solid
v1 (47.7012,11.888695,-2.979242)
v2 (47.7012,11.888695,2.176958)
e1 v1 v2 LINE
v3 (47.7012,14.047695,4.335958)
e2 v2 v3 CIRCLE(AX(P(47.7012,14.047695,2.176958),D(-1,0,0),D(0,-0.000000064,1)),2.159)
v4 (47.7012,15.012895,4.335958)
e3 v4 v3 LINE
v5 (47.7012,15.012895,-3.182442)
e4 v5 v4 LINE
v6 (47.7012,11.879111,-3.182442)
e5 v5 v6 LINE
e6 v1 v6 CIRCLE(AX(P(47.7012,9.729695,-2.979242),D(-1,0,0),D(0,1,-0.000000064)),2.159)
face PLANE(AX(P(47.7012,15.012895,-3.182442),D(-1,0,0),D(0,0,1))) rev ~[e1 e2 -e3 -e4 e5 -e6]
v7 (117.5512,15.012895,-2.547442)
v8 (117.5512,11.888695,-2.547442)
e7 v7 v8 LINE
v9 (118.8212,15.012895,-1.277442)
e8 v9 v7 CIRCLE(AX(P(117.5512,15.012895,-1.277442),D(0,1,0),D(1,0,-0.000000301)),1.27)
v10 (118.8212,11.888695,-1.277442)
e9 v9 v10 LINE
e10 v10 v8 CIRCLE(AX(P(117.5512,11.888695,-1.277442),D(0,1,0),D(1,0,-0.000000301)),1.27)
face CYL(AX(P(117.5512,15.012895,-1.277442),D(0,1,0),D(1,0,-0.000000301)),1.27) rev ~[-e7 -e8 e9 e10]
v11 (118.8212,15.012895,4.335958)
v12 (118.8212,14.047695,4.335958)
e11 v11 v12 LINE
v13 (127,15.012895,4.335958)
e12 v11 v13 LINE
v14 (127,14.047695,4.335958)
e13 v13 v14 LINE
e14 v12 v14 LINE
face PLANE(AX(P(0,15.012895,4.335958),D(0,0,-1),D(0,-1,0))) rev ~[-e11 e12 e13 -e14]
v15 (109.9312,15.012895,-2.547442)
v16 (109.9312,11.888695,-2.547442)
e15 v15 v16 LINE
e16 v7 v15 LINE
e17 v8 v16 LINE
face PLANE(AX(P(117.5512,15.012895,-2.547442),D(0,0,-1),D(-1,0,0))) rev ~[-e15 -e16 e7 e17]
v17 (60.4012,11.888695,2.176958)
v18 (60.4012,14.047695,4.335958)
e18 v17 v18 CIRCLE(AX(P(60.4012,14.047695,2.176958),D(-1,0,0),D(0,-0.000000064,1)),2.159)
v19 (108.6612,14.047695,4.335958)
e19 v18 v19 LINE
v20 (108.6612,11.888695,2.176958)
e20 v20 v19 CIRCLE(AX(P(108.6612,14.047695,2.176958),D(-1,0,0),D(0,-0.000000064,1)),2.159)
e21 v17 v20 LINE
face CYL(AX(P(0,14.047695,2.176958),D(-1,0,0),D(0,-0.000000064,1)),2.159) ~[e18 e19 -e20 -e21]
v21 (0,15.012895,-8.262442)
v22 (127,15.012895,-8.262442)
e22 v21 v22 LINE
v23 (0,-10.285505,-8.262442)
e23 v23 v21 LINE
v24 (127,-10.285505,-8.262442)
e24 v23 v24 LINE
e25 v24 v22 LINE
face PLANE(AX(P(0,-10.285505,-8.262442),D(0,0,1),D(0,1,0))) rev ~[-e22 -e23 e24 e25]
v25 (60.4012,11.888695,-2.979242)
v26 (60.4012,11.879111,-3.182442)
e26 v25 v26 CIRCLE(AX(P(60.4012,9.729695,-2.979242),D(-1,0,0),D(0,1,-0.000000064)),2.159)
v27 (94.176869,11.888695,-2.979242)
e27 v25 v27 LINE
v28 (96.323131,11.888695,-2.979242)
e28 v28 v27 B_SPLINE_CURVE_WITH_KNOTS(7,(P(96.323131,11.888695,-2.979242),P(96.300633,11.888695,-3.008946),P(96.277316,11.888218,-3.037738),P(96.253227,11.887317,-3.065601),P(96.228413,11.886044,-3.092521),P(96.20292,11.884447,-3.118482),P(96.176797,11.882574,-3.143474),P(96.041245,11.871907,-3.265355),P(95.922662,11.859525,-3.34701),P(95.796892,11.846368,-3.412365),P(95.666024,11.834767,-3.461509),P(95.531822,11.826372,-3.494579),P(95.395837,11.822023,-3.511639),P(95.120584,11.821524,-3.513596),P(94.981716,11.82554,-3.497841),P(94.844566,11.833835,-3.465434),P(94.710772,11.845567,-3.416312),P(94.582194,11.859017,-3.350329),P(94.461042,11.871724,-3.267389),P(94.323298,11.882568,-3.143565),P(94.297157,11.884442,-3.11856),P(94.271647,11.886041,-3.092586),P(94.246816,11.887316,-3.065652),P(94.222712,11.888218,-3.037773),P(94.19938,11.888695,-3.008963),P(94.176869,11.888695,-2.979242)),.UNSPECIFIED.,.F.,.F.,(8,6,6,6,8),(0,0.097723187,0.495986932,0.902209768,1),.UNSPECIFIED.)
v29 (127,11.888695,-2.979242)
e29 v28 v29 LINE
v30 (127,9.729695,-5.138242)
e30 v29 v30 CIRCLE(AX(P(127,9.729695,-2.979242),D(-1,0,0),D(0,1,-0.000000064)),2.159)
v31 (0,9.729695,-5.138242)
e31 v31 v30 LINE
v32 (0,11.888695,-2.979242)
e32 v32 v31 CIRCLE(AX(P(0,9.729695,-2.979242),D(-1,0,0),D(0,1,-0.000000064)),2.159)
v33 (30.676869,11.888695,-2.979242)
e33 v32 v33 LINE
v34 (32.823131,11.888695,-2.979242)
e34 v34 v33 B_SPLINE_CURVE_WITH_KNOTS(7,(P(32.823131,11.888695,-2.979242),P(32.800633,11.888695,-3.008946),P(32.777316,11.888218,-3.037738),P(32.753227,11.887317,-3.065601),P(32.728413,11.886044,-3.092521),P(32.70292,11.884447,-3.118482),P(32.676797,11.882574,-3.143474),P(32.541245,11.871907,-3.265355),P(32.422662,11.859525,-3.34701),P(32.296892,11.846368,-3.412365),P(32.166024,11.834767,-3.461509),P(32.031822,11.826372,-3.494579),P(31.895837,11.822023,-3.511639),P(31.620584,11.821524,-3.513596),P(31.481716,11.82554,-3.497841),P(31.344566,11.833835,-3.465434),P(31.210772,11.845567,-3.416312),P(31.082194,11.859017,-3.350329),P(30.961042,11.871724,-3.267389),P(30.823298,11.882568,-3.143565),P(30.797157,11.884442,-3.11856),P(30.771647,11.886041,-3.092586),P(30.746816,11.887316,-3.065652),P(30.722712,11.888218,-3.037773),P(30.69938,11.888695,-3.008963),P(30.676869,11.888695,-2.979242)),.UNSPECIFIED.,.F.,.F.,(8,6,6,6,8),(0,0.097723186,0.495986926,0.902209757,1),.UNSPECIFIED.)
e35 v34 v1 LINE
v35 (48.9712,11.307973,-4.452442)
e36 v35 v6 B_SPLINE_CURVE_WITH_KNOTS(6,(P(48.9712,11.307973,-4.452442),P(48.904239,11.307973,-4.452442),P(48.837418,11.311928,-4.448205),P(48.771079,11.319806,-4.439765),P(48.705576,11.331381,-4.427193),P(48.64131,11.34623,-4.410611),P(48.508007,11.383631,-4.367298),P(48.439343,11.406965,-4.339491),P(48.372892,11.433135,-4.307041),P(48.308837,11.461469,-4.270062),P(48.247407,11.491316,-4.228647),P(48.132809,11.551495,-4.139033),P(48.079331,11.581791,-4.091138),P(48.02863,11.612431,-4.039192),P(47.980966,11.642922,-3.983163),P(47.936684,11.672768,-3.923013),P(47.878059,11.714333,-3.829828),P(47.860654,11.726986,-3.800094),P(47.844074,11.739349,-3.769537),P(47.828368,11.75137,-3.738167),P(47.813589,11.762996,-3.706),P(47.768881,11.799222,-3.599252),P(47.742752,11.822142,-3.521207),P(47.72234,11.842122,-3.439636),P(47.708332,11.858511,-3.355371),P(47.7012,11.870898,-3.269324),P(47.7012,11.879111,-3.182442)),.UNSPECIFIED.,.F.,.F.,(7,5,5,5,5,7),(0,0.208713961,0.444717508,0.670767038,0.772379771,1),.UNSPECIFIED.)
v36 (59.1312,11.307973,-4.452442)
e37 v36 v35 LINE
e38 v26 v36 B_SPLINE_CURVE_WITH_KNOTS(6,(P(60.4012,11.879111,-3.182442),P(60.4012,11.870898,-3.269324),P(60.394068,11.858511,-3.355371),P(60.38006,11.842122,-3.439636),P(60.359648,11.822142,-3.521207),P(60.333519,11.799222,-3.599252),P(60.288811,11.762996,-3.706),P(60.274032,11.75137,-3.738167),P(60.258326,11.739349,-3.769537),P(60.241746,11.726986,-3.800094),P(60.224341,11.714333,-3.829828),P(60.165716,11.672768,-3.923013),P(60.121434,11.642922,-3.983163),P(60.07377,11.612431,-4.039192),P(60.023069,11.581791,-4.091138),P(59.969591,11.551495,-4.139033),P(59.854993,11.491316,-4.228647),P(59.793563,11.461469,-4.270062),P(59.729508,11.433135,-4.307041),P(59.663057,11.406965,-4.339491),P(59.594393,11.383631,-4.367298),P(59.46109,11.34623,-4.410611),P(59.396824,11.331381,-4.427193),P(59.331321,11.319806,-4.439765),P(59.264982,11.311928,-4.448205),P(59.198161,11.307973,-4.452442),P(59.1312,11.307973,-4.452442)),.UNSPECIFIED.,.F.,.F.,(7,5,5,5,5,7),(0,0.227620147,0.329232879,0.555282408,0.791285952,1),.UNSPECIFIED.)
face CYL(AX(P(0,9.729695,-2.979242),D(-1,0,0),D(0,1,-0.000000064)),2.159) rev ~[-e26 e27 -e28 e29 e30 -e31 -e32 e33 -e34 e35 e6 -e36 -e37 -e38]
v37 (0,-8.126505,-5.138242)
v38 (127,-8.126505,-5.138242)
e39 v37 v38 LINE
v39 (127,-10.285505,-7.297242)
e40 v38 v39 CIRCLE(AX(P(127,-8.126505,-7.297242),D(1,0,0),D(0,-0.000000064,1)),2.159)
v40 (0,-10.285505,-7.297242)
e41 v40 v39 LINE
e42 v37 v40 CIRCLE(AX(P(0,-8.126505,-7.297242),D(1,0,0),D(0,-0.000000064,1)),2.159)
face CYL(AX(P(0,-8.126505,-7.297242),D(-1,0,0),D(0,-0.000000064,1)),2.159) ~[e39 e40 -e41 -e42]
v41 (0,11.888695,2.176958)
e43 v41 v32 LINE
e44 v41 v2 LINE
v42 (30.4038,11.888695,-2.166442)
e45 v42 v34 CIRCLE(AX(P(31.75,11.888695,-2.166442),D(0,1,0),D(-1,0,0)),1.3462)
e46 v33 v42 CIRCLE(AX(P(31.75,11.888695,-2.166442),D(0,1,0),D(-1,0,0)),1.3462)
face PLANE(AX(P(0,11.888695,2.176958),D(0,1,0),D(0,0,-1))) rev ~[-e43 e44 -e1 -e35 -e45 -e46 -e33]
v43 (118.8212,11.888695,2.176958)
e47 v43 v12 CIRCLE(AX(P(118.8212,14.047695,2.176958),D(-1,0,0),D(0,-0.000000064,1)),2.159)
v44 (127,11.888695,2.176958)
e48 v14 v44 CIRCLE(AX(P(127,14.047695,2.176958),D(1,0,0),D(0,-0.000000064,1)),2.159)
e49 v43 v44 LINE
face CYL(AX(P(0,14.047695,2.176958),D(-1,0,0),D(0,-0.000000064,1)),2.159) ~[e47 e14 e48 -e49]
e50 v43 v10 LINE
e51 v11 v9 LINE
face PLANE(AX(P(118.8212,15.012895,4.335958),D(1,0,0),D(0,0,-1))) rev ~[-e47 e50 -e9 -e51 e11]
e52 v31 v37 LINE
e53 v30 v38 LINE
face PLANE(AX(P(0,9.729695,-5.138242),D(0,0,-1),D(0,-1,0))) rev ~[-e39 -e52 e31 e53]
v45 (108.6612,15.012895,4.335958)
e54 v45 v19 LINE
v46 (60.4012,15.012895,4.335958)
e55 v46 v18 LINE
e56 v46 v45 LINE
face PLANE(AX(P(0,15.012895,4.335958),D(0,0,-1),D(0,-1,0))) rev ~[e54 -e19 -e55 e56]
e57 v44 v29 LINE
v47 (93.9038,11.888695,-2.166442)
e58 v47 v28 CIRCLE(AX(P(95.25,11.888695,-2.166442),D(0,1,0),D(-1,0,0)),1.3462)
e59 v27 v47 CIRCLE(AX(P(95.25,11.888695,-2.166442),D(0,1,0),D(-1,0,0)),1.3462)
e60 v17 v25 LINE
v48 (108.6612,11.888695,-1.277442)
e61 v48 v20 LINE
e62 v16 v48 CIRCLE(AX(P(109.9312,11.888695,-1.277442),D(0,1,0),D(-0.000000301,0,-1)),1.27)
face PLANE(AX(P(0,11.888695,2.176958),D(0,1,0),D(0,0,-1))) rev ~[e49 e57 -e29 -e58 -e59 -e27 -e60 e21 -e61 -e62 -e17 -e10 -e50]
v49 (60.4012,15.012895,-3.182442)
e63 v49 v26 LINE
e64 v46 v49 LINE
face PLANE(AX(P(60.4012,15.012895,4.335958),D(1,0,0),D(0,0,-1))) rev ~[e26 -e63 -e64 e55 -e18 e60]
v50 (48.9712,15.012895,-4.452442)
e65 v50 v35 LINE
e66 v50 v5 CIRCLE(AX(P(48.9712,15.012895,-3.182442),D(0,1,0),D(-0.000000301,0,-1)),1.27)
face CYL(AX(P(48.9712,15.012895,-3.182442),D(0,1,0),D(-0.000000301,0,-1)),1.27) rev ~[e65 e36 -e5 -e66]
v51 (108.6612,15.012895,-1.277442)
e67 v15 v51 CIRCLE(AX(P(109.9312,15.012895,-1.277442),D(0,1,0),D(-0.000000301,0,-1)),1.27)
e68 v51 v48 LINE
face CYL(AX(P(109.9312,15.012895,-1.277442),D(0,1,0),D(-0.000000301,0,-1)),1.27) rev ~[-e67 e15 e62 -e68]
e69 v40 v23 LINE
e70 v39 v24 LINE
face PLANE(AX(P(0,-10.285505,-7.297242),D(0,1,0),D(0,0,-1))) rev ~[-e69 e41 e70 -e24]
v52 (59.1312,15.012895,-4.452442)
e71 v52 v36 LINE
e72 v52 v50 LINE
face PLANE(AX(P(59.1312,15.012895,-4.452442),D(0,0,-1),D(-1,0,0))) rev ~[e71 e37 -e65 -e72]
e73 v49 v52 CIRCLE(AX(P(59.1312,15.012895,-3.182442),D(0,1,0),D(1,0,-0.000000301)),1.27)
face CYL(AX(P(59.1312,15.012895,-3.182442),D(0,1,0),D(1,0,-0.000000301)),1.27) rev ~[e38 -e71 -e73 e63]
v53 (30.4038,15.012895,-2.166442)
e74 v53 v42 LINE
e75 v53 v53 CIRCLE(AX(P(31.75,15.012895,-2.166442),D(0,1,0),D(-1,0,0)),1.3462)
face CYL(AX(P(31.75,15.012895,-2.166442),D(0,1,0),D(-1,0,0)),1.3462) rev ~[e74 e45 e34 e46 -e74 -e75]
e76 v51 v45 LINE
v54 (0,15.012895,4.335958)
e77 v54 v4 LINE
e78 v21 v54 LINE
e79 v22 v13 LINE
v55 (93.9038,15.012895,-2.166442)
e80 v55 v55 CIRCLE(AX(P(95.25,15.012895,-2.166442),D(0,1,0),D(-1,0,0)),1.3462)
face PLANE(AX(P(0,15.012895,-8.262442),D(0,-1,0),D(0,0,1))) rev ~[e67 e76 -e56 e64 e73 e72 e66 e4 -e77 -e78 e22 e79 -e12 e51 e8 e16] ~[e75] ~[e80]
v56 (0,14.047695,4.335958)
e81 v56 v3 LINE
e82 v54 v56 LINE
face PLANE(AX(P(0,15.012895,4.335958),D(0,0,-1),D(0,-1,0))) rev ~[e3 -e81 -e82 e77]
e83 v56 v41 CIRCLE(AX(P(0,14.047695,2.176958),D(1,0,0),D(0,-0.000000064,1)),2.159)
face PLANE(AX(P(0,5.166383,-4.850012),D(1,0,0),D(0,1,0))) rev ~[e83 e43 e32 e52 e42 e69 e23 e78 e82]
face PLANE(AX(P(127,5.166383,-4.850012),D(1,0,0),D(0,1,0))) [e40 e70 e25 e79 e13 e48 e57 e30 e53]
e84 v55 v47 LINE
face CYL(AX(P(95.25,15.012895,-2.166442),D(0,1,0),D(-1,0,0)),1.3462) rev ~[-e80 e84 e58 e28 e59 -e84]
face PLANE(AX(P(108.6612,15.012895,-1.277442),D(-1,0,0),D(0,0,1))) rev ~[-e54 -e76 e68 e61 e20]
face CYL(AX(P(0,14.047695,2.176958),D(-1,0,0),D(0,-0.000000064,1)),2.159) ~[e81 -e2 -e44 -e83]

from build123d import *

# Parameters (mm, degrees)
F1_DEPTH = 127
F2_R     = 1.3462
F3_DEPTH = 25.2994
F5_DEPTH = 25.2994


with BuildPart() as f1:
    # F0 (on Right) → F1 (new body)
    with BuildSketch(Plane.YZ):
        with BuildLine():
            Line((-10.285505, -7.297242), (-10.285505, -8.262442))
            Line((-10.285505, -8.262442), (15.012895, -8.262442))
            Line((15.012895, -8.262442), (15.012895, 4.335958))
            Line((15.012895, 4.335958), (14.047695, 4.335958))
            ThreePointArc((14.047695, 4.335958), (12.521052, 3.703602), (11.888695, 2.176958))
            Line((11.888695, 2.176958), (11.888695, -2.979242))
            ThreePointArc((11.888695, -2.979242), (11.256339, -4.505885), (9.729695, -5.138242))
            Line((9.729695, -5.138242), (-8.126505, -5.138242))
            ThreePointArc((-8.126505, -5.138242), (-9.653148, -5.770598), (-10.285505, -7.297242))
        make_face()
    extrude(amount=F1_DEPTH)

    # F2 (on face) → F3 (cut, through all)
    with BuildSketch(Plane(origin=(0, 15.012895, 0), x_dir=(-1, 0, 0), z_dir=(0, 1, 0))):
        with Locations((-31.75, -2.166442)):
            Circle(F2_R)
        with Locations((-95.25, -2.166442)):
            Circle(F2_R)
    extrude(amount=-F3_DEPTH, mode=Mode.SUBTRACT)

    # F4 (on face) → F5 (cut, through all)
    with BuildSketch(Plane(origin=(0, 15.012895, 0), x_dir=(-1, 0, 0), z_dir=(0, 1, 0))):
        with BuildLine():
            Line((-108.6612, -1.277442), (-108.6612, 4.335958))
            Line((-108.6612, 4.335958), (-118.8212, 4.335958))
            Line((-118.8212, 4.335958), (-118.8212, -1.277442))
            ThreePointArc((-118.8212, -1.277442), (-118.449226, -2.175467), (-117.5512, -2.547442))
            Line((-117.5512, -2.547442), (-109.9312, -2.547442))
            ThreePointArc((-109.9312, -2.547442), (-109.033174, -2.175467), (-108.6612, -1.277442))
        make_face()
        with BuildLine():
            Line((-47.7012, -3.182442), (-47.7012, 4.335958))
            Line((-47.7012, 4.335958), (-60.4012, 4.335958))
            Line((-60.4012, 4.335958), (-60.4012, -3.182442))
            ThreePointArc((-60.4012, -3.182442), (-60.029226, -4.080467), (-59.1312, -4.452442))
            Line((-59.1312, -4.452442), (-48.9712, -4.452442))
            ThreePointArc((-48.9712, -4.452442), (-48.073174, -4.080467), (-47.7012, -3.182442))
        make_face()
    extrude(amount=-F5_DEPTH, mode=Mode.SUBTRACT)


solid = f1.part
